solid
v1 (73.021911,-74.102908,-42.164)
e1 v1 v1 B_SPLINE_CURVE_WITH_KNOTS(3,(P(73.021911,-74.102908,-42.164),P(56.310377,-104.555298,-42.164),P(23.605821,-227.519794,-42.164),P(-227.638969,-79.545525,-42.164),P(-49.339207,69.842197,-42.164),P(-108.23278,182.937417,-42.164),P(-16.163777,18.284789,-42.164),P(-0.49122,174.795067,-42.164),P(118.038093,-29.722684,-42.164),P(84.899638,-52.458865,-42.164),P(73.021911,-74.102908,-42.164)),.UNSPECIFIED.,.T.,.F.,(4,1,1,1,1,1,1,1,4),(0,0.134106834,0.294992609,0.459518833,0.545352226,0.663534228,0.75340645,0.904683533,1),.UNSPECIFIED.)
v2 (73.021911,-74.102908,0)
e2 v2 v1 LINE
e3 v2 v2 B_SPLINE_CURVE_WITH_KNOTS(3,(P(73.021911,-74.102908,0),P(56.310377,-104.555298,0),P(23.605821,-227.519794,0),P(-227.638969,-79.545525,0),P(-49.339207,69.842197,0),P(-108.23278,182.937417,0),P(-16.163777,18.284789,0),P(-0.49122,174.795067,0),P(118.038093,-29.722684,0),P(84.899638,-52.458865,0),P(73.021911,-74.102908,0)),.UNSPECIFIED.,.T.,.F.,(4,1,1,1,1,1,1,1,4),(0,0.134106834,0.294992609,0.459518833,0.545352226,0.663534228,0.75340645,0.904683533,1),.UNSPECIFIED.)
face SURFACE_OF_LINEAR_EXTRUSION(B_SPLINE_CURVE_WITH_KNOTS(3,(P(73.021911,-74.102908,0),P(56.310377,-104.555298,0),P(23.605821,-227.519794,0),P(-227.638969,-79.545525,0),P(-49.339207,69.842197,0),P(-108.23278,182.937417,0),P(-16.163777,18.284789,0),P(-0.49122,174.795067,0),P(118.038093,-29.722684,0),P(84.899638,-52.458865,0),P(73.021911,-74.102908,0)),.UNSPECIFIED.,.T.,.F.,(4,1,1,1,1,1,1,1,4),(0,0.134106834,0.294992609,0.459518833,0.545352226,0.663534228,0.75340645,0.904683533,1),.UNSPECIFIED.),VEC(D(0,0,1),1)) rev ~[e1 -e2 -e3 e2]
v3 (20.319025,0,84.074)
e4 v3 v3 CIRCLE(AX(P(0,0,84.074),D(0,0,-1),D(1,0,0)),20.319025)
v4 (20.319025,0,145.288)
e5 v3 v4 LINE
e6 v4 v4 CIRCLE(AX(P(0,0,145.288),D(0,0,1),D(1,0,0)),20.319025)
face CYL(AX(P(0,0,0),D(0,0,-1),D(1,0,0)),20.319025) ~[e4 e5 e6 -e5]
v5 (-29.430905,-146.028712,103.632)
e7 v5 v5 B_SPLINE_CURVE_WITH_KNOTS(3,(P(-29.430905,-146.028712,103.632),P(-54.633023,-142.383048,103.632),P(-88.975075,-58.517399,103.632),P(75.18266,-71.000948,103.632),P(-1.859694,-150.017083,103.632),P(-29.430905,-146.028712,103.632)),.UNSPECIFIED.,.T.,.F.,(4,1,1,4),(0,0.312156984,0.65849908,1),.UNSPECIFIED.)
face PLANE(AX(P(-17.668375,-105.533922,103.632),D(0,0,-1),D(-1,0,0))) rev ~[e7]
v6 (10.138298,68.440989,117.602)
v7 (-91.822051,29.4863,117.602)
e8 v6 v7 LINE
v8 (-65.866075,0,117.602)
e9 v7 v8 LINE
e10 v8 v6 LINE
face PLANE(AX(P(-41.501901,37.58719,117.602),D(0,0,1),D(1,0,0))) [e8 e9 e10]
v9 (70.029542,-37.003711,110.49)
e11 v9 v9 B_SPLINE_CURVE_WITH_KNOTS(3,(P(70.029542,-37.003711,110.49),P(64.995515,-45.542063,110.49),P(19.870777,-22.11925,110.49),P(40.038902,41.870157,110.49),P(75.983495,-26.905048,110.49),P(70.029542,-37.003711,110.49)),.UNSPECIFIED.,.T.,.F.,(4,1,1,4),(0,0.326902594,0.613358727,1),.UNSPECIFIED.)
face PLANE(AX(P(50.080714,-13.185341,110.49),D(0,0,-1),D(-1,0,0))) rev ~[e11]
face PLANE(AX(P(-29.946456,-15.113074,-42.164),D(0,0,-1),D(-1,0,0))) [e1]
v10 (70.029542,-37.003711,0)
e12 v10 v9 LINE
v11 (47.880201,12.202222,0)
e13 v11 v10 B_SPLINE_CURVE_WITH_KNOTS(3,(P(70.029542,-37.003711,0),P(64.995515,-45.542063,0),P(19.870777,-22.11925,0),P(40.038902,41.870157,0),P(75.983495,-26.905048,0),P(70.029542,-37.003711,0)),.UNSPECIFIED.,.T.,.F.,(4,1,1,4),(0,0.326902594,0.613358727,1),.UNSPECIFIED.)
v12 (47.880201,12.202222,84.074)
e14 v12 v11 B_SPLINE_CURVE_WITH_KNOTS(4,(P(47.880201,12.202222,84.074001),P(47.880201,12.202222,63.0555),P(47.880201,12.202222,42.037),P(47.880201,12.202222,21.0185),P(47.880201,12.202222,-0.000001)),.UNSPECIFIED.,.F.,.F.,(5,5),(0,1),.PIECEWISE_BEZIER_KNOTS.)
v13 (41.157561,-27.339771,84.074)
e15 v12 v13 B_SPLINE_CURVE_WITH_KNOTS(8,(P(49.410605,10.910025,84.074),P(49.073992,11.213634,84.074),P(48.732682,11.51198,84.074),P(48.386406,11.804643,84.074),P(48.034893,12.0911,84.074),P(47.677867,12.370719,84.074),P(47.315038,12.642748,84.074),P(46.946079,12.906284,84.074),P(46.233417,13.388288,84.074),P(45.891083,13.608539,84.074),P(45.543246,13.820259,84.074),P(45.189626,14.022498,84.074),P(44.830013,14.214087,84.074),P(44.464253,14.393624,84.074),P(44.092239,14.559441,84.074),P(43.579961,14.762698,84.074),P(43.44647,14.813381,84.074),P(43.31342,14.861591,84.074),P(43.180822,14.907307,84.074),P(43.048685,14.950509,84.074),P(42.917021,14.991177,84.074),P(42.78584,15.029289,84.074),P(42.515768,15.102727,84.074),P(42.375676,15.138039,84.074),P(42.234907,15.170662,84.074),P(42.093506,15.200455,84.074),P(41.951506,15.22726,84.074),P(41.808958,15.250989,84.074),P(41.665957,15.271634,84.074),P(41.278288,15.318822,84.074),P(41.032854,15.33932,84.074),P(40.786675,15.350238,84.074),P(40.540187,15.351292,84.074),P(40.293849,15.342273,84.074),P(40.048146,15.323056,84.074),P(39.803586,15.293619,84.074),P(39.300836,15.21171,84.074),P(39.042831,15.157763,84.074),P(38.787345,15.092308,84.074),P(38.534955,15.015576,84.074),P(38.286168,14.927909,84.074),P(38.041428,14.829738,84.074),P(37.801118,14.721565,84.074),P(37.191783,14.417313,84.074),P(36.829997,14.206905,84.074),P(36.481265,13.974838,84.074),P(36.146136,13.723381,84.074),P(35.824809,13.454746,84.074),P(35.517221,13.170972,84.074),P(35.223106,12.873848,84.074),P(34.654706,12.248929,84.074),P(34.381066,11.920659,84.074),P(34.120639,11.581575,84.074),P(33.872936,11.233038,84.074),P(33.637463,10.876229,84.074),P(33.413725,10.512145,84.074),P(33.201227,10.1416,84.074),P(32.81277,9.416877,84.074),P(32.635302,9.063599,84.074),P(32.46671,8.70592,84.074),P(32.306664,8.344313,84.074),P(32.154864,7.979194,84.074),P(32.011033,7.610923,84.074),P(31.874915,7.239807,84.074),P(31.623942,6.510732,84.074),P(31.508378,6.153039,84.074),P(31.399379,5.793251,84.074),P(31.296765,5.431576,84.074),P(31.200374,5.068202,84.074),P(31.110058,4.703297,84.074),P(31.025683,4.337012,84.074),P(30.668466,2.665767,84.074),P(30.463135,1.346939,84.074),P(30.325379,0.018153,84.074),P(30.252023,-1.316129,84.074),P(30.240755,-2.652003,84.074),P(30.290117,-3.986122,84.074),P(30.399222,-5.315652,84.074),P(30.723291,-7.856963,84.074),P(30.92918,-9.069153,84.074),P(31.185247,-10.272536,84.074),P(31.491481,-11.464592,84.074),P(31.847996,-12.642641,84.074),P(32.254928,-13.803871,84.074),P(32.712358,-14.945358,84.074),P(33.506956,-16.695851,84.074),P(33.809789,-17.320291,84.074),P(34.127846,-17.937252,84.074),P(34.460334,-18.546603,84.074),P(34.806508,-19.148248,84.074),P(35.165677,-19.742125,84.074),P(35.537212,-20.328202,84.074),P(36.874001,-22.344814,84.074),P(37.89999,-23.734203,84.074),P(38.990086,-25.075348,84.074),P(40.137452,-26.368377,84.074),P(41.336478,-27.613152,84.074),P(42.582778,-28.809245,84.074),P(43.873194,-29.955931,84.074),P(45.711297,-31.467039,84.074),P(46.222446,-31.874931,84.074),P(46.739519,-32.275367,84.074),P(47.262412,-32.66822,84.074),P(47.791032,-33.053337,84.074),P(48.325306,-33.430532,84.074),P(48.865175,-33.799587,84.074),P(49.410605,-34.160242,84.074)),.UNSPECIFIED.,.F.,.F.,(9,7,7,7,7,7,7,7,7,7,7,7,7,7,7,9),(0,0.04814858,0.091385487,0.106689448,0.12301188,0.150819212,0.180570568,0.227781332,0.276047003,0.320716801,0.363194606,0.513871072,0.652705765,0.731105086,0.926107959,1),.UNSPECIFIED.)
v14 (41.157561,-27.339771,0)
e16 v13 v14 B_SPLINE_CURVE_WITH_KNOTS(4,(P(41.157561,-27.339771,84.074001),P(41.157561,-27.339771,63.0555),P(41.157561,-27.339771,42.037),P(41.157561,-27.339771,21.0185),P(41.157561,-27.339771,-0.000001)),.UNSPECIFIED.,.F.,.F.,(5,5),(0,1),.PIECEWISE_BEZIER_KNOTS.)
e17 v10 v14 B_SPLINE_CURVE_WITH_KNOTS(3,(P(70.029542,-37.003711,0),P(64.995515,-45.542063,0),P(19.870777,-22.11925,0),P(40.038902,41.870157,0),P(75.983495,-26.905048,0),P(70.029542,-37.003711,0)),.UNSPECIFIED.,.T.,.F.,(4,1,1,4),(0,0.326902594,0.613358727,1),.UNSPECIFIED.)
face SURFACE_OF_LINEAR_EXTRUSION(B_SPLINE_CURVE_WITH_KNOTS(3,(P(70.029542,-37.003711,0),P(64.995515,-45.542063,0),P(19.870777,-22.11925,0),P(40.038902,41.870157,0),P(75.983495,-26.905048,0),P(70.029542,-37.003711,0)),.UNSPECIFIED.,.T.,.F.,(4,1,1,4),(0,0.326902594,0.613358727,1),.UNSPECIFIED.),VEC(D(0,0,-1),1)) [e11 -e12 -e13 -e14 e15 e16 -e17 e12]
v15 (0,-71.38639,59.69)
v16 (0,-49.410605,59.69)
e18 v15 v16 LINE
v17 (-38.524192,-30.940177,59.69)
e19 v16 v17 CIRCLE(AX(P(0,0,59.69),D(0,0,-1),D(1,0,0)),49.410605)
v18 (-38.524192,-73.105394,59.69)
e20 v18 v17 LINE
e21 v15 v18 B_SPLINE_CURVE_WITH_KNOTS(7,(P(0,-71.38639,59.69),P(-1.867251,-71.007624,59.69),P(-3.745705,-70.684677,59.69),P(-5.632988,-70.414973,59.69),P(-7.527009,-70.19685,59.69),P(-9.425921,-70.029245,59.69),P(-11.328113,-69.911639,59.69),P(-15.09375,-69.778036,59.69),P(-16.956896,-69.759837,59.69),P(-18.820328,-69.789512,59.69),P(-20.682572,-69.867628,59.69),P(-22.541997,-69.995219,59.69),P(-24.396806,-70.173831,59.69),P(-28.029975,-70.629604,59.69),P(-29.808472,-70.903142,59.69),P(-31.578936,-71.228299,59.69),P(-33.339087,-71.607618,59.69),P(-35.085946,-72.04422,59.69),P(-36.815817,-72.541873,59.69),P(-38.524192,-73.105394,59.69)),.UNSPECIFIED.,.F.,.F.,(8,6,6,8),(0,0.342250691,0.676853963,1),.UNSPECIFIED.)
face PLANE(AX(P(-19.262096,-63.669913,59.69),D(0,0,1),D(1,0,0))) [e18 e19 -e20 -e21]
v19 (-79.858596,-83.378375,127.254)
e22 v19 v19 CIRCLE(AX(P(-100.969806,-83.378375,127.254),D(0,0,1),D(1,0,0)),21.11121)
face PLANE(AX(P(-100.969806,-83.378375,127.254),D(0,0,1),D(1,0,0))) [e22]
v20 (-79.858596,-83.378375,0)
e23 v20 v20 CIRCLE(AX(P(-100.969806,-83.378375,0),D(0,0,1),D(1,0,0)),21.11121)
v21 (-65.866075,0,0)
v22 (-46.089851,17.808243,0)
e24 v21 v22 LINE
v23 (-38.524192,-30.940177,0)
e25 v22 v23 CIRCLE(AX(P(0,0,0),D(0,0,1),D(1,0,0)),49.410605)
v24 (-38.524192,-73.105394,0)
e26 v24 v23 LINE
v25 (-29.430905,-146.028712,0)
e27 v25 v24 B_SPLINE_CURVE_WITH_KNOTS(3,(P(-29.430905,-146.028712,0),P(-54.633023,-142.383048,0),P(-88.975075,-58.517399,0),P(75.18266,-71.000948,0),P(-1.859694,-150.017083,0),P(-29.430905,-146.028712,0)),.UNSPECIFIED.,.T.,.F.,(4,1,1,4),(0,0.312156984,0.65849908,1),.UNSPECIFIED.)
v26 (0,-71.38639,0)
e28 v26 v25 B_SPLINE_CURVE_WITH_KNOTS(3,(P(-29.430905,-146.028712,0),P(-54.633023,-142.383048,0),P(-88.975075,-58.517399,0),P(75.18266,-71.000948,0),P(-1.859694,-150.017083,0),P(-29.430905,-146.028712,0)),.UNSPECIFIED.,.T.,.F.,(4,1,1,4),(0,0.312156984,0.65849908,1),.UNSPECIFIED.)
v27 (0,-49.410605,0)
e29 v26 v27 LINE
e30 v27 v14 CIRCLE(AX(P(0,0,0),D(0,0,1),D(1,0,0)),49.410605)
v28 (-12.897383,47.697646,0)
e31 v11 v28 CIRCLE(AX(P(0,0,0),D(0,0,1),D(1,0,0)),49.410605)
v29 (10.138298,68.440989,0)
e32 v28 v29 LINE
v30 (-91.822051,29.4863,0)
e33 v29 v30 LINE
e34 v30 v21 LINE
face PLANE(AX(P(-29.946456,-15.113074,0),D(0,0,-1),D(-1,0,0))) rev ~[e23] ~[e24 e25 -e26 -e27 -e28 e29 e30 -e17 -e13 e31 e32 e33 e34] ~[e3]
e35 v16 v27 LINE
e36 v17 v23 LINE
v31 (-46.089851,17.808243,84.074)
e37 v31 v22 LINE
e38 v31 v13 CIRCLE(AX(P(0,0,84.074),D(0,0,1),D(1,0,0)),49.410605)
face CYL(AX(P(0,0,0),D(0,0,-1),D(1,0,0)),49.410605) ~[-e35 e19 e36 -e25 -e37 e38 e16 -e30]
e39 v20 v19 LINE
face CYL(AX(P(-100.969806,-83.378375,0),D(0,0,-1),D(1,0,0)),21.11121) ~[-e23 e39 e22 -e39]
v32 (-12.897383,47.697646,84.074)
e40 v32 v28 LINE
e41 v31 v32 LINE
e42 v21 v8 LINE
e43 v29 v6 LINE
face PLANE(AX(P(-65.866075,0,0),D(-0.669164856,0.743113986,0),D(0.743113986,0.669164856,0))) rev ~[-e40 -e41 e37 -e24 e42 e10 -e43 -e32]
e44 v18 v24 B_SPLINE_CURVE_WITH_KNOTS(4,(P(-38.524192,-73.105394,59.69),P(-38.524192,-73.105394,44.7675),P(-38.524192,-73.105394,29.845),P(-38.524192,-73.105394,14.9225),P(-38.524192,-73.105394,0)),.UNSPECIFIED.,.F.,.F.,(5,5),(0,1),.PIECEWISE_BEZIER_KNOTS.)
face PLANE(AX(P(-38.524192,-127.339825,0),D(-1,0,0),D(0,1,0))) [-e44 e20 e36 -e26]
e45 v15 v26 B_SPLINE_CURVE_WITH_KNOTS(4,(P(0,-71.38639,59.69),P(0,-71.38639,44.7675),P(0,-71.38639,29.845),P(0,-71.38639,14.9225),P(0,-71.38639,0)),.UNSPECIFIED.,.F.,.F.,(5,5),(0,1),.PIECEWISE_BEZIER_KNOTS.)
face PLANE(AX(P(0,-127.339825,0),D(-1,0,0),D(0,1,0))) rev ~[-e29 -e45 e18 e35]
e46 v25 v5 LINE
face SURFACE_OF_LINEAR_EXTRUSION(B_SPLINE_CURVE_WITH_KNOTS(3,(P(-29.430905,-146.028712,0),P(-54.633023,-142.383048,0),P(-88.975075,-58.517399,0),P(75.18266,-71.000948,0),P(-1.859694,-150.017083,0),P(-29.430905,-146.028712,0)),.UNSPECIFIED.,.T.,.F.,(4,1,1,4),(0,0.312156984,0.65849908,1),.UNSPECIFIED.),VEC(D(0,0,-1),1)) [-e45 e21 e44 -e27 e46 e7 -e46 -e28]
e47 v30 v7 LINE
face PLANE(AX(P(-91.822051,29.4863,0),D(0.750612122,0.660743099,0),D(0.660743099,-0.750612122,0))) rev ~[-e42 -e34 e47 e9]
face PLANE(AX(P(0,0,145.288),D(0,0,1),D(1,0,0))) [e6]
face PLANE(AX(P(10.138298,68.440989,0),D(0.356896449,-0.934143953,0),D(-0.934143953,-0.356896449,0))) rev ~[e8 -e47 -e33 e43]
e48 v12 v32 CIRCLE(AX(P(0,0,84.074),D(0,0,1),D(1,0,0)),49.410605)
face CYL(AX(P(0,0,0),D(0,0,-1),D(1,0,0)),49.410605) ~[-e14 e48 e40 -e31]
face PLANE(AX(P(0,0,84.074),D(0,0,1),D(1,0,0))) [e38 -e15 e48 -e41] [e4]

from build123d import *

# Parameters (mm, degrees)
F1_DEPTH  = 42.164
F2_W      = 38.5241918266
F2_H      = 127.3398250341
F3_DEPTH  = 59.69
F5_DEPTH  = 110.49
F6_R      = 21.1112099369
F7_DEPTH  = 127.254
F8_R      = 20.3190246202
F9_DEPTH  = 145.288
F11_DEPTH = 103.632
F13_DEPTH = 117.602
F14_R     = 49.4106049206
F15_DEPTH = 84.074


with BuildPart() as f1:
    # F0 (on Top) → F1 (new body)
    with BuildSketch(Plane.XY):
        with BuildLine():
            add(Edge.make_bspline(
                [(73.0219110847, -74.1029083729), (56.3103769833, -104.5552977689), (23.6058214348, -227.5197938922), (-227.6389689023, -79.5455249771), (-49.3392070816, 69.8421969004), (-108.2327801079, 182.9374174128), (-16.163777477, 18.2847889977), (-0.491220386, 174.7950672476), (118.0380933666, -29.7226842084), (84.8996382345, -52.4588647972), (73.0219110847, -74.1029083729)],
                knots=[0, 0, 0, 0, 0.1341068342, 0.2949926086, 0.459518833, 0.5453522264, 0.6635342284, 0.7534064499, 0.9046835332, 1, 1, 1, 1], degree=3))
        make_face()
    extrude(amount=-F1_DEPTH)

    # F2 (on Top) → F3 (join)
    with BuildSketch(Plane.XY):
        with Locations((-19.2620959133, -63.6699125171)):
            Rectangle(F2_W, F2_H)
    extrude(amount=F3_DEPTH)

    # F4 (on Top) → F5 (join)
    with BuildSketch(Plane.XY):
        with BuildLine():
            add(Edge.make_bspline(
                [(70.0295418501, -37.003710866), (64.9955145523, -45.542062589), (19.8707773949, -22.1192495036), (40.0389015381, 41.8701568269), (75.9834949815, -26.905047714), (70.0295418501, -37.003710866)],
                knots=[0, 0, 0, 0, 0.3269025935, 0.6133587275, 1, 1, 1, 1], degree=3))
        make_face()
    extrude(amount=F5_DEPTH)

    # F6 (on Top) → F7 (join)
    with BuildSketch(Plane.XY):
        with Locations((-100.9698063135, -83.3783745766)):
            Circle(F6_R)
    extrude(amount=F7_DEPTH)

    # F8 (on Top) → F9 (join)
    with BuildSketch(Plane.XY):
        Circle(F8_R)
    extrude(amount=F9_DEPTH)

    # F10 (on Top) → F11 (join)
    with BuildSketch(Plane.XY):
        with BuildLine():
            add(Edge.make_bspline(
                [(-29.430905357, -146.0287123919), (-54.6330226066, -142.3830478337), (-88.9750749471, -58.5173988284), (75.1826600594, -71.0009478728), (-1.8596938378, -150.0170831968), (-29.430905357, -146.0287123919)],
                knots=[0, 0, 0, 0, 0.3121569838, 0.6584990799, 1, 1, 1, 1], degree=3))
        make_face()
    extrude(amount=F11_DEPTH)

    # F12 (on Top) → F13 (join)
    with BuildSketch(Plane.XY):
        Polygon((10.1382983848, 68.4409886599), (-91.8220505118, 29.4863004237), (-65.8660754561, 0), align=None)
    extrude(amount=F13_DEPTH)

    # F14 (on face) → F15 (join)
    with BuildSketch(Plane.XY):
        Circle(F14_R)
    extrude(amount=F15_DEPTH)


solid = f1.part
